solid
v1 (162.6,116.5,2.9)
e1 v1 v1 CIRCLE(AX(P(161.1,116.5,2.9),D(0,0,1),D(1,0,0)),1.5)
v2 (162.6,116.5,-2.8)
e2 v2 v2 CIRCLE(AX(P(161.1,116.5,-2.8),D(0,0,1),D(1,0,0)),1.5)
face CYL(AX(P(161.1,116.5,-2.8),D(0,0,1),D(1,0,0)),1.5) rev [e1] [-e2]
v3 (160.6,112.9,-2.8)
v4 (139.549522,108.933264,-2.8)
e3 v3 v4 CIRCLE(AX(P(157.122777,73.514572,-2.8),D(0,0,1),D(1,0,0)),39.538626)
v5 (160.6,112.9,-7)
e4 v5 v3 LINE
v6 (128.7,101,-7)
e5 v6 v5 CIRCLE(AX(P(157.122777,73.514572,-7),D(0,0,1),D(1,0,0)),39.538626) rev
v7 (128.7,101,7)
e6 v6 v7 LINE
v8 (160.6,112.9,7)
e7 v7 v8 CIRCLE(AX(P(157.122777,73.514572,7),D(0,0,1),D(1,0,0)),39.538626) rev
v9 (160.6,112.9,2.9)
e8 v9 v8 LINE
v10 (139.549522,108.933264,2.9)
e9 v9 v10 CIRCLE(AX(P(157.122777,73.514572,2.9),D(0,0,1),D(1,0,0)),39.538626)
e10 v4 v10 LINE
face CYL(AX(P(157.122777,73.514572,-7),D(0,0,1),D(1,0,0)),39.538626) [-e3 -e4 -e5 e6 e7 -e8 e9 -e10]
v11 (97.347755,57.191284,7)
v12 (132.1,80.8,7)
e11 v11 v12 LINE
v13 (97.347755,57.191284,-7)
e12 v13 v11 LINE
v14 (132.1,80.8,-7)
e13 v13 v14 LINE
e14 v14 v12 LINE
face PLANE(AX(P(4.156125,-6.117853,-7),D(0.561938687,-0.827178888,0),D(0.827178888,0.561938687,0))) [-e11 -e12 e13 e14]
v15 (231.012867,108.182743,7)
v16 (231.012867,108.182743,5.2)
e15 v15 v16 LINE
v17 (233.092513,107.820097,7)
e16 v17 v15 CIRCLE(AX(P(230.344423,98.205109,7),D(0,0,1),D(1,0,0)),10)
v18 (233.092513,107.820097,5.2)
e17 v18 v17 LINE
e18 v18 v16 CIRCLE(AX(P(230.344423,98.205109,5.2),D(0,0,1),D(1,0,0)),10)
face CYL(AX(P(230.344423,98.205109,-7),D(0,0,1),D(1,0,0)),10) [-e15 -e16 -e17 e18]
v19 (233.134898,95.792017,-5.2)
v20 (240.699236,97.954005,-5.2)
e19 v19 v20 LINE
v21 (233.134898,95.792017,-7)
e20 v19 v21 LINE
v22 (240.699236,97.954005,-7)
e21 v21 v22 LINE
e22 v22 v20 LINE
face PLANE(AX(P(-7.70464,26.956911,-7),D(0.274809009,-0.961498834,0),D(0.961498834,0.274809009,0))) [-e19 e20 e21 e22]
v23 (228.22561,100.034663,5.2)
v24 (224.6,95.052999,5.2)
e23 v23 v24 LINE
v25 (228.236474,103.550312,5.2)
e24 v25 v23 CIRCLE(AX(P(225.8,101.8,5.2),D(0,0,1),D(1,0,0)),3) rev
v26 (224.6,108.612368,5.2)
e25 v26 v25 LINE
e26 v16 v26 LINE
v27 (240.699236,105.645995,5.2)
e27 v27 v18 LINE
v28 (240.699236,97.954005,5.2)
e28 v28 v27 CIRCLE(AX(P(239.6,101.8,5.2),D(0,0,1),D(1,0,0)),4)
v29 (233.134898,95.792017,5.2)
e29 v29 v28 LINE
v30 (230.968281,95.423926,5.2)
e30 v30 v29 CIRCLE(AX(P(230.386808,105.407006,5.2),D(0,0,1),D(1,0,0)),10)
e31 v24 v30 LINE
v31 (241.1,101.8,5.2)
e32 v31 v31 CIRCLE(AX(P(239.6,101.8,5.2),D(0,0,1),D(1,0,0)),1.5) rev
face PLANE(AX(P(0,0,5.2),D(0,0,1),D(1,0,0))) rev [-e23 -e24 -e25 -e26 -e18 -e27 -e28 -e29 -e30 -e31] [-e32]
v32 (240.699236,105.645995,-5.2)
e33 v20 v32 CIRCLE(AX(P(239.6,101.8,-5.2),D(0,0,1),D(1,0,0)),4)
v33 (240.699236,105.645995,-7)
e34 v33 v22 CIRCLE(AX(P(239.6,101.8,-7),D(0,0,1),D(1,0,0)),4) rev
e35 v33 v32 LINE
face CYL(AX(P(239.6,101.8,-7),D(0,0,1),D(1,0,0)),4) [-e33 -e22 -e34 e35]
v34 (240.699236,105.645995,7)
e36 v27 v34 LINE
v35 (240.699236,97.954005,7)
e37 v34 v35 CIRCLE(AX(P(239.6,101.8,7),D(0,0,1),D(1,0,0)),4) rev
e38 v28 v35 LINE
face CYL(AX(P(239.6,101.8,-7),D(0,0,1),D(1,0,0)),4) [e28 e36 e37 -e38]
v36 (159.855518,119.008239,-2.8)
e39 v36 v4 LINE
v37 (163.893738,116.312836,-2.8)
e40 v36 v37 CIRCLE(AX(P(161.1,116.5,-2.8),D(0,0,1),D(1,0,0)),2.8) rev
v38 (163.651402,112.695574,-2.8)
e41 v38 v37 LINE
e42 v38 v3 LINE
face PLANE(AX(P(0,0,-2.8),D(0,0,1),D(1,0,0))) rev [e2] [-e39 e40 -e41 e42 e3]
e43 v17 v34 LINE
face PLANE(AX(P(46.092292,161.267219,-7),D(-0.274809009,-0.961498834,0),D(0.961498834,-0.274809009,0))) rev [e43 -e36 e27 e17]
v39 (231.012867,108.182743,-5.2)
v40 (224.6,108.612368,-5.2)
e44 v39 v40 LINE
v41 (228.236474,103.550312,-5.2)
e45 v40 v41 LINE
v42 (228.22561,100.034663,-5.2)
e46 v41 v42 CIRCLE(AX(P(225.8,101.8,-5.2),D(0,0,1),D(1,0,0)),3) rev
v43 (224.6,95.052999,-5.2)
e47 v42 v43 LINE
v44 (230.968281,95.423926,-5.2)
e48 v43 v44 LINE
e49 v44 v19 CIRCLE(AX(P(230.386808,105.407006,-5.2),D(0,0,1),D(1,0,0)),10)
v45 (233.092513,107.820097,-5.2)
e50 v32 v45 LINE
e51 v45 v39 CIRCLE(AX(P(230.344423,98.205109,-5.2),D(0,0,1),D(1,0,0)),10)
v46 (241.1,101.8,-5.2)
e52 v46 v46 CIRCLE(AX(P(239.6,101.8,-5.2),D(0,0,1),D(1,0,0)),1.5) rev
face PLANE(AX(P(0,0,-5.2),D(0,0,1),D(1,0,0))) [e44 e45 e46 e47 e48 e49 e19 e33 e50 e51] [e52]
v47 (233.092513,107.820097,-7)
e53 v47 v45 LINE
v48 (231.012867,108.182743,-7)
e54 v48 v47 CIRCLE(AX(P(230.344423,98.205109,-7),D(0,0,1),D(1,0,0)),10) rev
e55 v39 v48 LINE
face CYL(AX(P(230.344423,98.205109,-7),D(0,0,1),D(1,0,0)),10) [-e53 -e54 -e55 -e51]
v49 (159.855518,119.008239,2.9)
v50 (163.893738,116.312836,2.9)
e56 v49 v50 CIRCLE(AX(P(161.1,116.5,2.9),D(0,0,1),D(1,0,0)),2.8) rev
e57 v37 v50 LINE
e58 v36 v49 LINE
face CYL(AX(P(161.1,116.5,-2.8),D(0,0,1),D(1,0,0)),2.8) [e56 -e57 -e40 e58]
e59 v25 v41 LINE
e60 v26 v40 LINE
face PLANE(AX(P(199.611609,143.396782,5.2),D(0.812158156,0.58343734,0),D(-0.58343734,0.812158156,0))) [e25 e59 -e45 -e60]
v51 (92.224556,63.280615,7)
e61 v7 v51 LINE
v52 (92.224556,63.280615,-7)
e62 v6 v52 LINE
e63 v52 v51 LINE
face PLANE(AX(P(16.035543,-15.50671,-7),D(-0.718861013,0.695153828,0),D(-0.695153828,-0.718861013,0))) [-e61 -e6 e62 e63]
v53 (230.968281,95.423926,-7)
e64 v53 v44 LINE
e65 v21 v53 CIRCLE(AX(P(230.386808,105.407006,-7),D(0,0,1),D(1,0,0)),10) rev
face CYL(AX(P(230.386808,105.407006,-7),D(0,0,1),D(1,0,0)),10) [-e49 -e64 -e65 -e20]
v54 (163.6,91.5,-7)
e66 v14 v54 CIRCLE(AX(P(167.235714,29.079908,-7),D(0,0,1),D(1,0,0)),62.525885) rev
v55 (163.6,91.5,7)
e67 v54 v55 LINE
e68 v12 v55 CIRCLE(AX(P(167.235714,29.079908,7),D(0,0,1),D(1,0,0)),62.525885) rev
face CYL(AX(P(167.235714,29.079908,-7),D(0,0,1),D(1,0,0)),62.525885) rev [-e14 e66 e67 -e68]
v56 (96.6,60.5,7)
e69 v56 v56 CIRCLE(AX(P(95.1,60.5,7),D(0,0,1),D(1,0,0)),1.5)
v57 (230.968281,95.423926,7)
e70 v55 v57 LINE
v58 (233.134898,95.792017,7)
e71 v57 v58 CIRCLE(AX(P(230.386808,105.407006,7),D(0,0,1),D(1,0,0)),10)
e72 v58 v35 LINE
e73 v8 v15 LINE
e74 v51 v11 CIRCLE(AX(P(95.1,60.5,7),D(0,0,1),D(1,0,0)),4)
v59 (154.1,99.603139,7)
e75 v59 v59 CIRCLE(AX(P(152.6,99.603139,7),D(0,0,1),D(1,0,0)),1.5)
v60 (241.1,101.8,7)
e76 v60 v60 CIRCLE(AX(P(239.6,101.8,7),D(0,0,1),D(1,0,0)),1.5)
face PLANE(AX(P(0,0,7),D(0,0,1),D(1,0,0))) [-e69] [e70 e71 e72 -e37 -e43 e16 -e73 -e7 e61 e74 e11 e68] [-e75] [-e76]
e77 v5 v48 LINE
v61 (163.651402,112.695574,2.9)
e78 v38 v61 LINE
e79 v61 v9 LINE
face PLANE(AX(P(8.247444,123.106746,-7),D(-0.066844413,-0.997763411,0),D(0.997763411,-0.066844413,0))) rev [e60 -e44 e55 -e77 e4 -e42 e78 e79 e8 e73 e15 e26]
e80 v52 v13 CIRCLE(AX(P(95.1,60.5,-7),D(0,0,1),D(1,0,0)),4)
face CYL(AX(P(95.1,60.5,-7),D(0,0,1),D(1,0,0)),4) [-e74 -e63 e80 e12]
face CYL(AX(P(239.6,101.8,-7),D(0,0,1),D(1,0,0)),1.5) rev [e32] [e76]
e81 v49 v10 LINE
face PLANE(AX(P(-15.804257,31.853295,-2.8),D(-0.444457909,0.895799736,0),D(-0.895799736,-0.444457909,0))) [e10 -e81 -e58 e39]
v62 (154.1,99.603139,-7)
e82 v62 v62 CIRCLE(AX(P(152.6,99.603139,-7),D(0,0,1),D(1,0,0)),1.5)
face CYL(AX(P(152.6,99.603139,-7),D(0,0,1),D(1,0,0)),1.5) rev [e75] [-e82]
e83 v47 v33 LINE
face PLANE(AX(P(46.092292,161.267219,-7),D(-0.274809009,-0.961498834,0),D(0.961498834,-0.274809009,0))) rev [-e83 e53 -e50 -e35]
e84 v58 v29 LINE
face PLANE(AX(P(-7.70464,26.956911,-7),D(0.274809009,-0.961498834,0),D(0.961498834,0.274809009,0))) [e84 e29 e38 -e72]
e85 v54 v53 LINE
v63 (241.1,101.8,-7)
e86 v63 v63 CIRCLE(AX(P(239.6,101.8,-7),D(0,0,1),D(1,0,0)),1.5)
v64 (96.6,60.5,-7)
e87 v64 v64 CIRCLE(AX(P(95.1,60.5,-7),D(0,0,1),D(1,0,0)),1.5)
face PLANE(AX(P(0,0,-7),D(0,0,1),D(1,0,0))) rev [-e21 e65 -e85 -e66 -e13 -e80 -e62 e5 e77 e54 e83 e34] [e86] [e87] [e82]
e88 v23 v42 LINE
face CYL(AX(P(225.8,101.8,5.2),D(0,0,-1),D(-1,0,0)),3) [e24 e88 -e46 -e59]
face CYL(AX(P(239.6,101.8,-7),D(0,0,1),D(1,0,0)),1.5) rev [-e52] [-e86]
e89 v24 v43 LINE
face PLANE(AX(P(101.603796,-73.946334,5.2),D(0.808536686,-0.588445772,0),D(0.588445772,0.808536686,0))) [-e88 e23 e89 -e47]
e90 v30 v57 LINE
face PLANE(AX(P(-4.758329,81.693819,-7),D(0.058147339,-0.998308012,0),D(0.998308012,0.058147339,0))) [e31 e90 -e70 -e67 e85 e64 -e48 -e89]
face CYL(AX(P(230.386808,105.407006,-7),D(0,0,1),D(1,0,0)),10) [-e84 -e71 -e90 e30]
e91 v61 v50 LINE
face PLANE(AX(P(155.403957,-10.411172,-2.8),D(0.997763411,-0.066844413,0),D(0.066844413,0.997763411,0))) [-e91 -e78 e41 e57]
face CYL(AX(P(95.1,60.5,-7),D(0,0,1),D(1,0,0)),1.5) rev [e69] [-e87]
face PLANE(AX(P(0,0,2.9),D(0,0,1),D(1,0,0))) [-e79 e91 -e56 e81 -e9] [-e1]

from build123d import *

# Parameters (mm, degrees)
EXTRUDE_1_DEPTH          = 7
EXTRUDE_1_DEPTH_BACK     = 7
SKETCH_1_R               = 1.5
FILLET_1_R               = 10
EXTRUDE_2_DEPTH          = 2.9
EXTRUDE_2_DEPTH_BACK     = 2.8
SKETCH_3_R               = 1.5
CUT_EXTRUDE_1_DEPTH      = 5.2
CUT_EXTRUDE_1_DEPTH_BACK = 5.2


with BuildPart() as part:
    # 草图1 → 凸台-拉伸1 (new, two sides: drawn at the far end of the back side and taken through both)
    with BuildSketch(Plane.XY.offset(-EXTRUDE_1_DEPTH_BACK)):
        with BuildLine():
            ThreePointArc((132.1, 80.8), (147.125308547, 88.283437456), (163.6, 91.5))
            Line((163.6, 91.5), (232.071936087, 95.488208898))
            Line((232.071936087, 95.488208898), (240.699236038, 97.954004663))
            ThreePointArc((240.699236038, 97.954004663), (243.6, 101.8), (240.699236038, 105.645995337))
            Line((240.699236038, 105.645995337), (232.071936087, 108.111791102))
            Line((232.071936087, 108.111791102), (160.6, 112.9))
            ThreePointArc((160.6, 112.9), (143.303490983, 110.55954938), (128.7, 101))
            Line((128.7, 101), (92.224555949, 63.280615311))
            ThreePointArc((92.224555949, 63.280615311), (92.03920173, 57.924827394), (97.347754748, 57.19128445))
            Line((97.347754748, 57.19128445), (132.1, 80.8))
        make_face()
        with Locations((95.1, 60.5)):
            Circle(SKETCH_1_R, mode=Mode.SUBTRACT)
        with Locations((152.6, 99.603139307)):
            Circle(SKETCH_1_R, mode=Mode.SUBTRACT)
        with Locations((239.6, 101.8)):
            Circle(SKETCH_1_R, mode=Mode.SUBTRACT)
    extrude(amount=EXTRUDE_1_DEPTH + EXTRUDE_1_DEPTH_BACK)

    # 圆角1
    fillet_1_edges = [part.edges().sort_by_distance(p)[0] for p in [
        (232.071936087, 95.488208898, 0),
        (232.071936087, 108.111791102, 0),
    ]]
    fillet(fillet_1_edges, radius=FILLET_1_R)

    # 草图3 → 凸台-拉伸2 (add, two sides: drawn at the far end of the back side and taken through both)
    with BuildSketch(Plane.XY.offset(-EXTRUDE_2_DEPTH_BACK)):
        with BuildLine():
            Line((160.6, 112.9), (163.651401787, 112.69557362))
            Line((163.651401787, 112.69557362), (163.893737551, 116.312835642))
            ThreePointArc((163.893737551, 116.312835642), (162.654460758, 118.828873494), (159.855517856, 119.008239262))
            Line((159.855517856, 119.008239262), (139.549521827, 108.933263618))
            ThreePointArc((139.549521827, 108.933263618), (149.801009446, 112.369362402), (160.6, 112.9))
        make_face()
        with Locations((161.1, 116.5)):
            Circle(SKETCH_3_R, mode=Mode.SUBTRACT)
    extrude(amount=EXTRUDE_2_DEPTH + EXTRUDE_2_DEPTH_BACK)

    # 草图4 → 切除-拉伸1 (cut, two sides: drawn at the far end of the back side and taken through both)
    with BuildSketch(Plane.XY.offset(-CUT_EXTRUDE_1_DEPTH_BACK)):
        with BuildLine():
            Line((231.012866709, 108.182742662), (224.6, 108.612367871))
            Line((224.6, 108.612367871), (228.236474469, 103.550312019))
            ThreePointArc((228.236474469, 103.550312019), (228.799985675, 101.790729145), (228.225610058, 100.034662683))
            Line((228.225610058, 100.034662683), (224.6, 95.052999327))
            Line((224.6, 95.052999327), (230.968280992, 95.423925524))
            ThreePointArc((230.968280992, 95.423925524), (232.061731819, 95.548272011), (233.134897693, 95.792017302))
            Line((233.134897693, 95.792017302), (240.699236038, 97.954004663))
            ThreePointArc((240.699236038, 97.954004663), (243.6, 101.8), (240.699236038, 105.645995337))
            Line((240.699236038, 105.645995337), (233.092512669, 107.820096895))
            ThreePointArc((233.092512669, 107.820096895), (232.062285935, 108.056450871), (231.012866709, 108.182742662))
        make_face()
    extrude(amount=CUT_EXTRUDE_1_DEPTH + CUT_EXTRUDE_1_DEPTH_BACK, mode=Mode.SUBTRACT)


solid = part.part
